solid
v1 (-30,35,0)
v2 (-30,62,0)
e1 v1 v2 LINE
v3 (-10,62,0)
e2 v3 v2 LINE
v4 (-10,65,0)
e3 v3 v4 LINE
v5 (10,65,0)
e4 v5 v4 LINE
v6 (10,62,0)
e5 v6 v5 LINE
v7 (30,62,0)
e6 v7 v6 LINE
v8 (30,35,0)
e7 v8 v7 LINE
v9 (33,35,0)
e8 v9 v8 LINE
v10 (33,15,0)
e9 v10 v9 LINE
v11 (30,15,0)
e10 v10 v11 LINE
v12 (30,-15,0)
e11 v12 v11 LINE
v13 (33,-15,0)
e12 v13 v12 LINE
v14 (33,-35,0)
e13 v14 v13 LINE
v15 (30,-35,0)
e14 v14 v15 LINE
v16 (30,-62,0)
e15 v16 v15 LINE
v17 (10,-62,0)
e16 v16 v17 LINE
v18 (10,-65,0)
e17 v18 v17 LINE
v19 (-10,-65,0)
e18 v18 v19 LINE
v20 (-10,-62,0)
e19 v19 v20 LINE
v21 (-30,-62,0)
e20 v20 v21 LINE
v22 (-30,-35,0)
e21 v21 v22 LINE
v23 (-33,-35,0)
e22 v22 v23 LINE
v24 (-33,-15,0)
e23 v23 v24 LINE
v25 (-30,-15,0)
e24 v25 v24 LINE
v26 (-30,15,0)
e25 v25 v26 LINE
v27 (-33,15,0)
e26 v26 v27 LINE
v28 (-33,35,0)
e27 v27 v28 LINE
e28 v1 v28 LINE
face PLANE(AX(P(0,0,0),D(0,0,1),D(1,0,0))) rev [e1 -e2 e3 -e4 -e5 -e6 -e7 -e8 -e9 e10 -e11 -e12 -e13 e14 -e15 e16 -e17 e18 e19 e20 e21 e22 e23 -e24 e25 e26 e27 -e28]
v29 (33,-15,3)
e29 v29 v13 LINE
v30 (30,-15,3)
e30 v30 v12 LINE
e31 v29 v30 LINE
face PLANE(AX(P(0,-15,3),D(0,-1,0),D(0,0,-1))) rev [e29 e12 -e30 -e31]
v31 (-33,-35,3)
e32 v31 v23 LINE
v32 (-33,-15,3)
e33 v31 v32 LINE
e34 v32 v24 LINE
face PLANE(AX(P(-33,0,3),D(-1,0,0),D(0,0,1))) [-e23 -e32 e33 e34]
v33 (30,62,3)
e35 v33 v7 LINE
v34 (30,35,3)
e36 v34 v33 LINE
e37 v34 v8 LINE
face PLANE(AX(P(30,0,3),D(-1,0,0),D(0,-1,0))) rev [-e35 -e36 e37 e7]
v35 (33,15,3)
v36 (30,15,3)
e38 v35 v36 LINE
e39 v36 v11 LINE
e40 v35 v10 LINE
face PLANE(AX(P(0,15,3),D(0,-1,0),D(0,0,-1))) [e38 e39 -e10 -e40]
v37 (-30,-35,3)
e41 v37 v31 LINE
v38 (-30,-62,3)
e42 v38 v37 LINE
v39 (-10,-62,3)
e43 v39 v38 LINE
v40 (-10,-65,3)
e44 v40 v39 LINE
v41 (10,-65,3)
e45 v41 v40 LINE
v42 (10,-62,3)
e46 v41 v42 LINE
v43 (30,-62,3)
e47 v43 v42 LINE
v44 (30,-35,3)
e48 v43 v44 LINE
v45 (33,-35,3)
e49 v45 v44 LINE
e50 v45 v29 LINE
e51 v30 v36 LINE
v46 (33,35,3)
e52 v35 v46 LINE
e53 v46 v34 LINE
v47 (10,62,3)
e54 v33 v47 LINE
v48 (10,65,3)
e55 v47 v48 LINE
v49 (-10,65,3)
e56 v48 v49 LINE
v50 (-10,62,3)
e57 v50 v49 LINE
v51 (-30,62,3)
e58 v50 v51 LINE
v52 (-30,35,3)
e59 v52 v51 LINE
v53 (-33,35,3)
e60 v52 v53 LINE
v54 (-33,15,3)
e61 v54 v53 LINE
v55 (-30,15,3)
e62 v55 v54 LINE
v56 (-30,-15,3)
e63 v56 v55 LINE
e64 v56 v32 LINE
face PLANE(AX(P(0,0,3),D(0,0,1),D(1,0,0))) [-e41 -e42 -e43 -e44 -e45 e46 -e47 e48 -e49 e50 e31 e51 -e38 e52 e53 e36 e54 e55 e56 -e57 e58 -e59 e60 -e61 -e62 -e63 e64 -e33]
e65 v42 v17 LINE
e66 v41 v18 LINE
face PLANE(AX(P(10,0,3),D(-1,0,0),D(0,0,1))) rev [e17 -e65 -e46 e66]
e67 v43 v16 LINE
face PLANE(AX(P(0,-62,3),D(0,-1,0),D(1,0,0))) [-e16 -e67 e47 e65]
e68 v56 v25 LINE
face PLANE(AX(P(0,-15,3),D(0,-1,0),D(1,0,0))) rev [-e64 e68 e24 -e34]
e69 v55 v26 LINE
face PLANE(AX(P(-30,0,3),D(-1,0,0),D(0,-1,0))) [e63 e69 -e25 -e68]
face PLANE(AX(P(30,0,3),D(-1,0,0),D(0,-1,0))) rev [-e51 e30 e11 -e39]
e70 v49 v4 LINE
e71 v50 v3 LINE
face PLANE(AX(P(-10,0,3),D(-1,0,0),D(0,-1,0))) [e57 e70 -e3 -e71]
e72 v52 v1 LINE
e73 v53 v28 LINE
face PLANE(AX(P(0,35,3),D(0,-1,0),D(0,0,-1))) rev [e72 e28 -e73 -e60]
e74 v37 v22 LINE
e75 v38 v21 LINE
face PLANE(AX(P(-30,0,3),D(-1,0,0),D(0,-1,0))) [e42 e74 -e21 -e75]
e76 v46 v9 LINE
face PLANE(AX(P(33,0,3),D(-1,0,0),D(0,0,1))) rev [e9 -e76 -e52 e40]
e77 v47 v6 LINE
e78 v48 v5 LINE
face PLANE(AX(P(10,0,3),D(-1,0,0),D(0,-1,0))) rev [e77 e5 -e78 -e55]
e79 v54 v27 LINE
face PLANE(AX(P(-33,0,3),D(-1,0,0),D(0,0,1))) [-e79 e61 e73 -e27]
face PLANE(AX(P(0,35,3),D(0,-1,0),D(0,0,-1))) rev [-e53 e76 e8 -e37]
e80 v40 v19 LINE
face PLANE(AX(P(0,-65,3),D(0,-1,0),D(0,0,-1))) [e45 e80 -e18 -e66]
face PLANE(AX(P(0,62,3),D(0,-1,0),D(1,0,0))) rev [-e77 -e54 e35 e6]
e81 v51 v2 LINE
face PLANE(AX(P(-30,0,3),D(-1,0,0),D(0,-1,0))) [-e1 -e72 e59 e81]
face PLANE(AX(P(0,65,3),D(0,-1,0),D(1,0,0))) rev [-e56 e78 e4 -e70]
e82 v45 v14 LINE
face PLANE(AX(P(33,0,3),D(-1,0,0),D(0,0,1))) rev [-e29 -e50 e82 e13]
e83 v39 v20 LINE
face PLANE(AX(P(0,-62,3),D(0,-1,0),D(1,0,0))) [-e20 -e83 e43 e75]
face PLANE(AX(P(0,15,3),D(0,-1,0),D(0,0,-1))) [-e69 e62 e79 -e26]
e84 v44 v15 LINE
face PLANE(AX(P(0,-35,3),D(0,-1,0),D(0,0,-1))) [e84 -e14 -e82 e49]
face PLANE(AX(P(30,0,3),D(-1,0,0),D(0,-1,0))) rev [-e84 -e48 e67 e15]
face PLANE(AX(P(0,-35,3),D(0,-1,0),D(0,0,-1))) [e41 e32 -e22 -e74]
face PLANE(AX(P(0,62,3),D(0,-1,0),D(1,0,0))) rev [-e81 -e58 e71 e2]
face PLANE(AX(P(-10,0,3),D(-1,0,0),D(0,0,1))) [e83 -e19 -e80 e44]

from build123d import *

# Parameters (mm, degrees)
ESQUISSE1_W        = 20
ESQUISSE1_H        = 3
ESQUISSE1_W_2      = 3
ESQUISSE1_H_2      = 20
BOSS_EXTRU_1_DEPTH = 3


with BuildPart() as part:
    # Esquisse1 → Boss.-Extru.1 (new body)
    with BuildSketch(Plane.XY):
        Polygon((10, -62), (30, -62), (30, -35), (27, -35), (27, -15), (30, -15), (30, 15), (27, 15), (27, 35), (30, 35), (30, 62), (10, 62), (10, 59), (-10, 59), (-10, 62), (-30, 62), (-30, 35), (-27, 35), (-27, 15), (-30, 15), (-30, -15), (-27, -15), (-27, -35), (-30, -35), (-30, -62), (-10, -62), (-10, -59), (10, -59), align=None)
        with Locations((0, 60.5)):
            Rectangle(ESQUISSE1_W, ESQUISSE1_H)
        with Locations((0, 63.5)):
            Rectangle(ESQUISSE1_W, ESQUISSE1_H)
        with Locations((-28.5, 25)):
            Rectangle(ESQUISSE1_W_2, ESQUISSE1_H_2)
        with Locations((-31.5, 25)):
            Rectangle(ESQUISSE1_W_2, ESQUISSE1_H_2)
        with Locations((31.5, 25)):
            Rectangle(ESQUISSE1_W_2, ESQUISSE1_H_2)
        with Locations((28.5, 25)):
            Rectangle(ESQUISSE1_W_2, ESQUISSE1_H_2)
        with Locations((31.5, -25)):
            Rectangle(ESQUISSE1_W_2, ESQUISSE1_H_2)
        with Locations((28.5, -25)):
            Rectangle(ESQUISSE1_W_2, ESQUISSE1_H_2)
        with Locations((0, -60.5)):
            Rectangle(ESQUISSE1_W, ESQUISSE1_H)
        with Locations((0, -63.5)):
            Rectangle(ESQUISSE1_W, ESQUISSE1_H)
        with Locations((-28.5, -25)):
            Rectangle(ESQUISSE1_W_2, ESQUISSE1_H_2)
        with Locations((-31.5, -25)):
            Rectangle(ESQUISSE1_W_2, ESQUISSE1_H_2)
    extrude(amount=BOSS_EXTRU_1_DEPTH)


solid = part.part
